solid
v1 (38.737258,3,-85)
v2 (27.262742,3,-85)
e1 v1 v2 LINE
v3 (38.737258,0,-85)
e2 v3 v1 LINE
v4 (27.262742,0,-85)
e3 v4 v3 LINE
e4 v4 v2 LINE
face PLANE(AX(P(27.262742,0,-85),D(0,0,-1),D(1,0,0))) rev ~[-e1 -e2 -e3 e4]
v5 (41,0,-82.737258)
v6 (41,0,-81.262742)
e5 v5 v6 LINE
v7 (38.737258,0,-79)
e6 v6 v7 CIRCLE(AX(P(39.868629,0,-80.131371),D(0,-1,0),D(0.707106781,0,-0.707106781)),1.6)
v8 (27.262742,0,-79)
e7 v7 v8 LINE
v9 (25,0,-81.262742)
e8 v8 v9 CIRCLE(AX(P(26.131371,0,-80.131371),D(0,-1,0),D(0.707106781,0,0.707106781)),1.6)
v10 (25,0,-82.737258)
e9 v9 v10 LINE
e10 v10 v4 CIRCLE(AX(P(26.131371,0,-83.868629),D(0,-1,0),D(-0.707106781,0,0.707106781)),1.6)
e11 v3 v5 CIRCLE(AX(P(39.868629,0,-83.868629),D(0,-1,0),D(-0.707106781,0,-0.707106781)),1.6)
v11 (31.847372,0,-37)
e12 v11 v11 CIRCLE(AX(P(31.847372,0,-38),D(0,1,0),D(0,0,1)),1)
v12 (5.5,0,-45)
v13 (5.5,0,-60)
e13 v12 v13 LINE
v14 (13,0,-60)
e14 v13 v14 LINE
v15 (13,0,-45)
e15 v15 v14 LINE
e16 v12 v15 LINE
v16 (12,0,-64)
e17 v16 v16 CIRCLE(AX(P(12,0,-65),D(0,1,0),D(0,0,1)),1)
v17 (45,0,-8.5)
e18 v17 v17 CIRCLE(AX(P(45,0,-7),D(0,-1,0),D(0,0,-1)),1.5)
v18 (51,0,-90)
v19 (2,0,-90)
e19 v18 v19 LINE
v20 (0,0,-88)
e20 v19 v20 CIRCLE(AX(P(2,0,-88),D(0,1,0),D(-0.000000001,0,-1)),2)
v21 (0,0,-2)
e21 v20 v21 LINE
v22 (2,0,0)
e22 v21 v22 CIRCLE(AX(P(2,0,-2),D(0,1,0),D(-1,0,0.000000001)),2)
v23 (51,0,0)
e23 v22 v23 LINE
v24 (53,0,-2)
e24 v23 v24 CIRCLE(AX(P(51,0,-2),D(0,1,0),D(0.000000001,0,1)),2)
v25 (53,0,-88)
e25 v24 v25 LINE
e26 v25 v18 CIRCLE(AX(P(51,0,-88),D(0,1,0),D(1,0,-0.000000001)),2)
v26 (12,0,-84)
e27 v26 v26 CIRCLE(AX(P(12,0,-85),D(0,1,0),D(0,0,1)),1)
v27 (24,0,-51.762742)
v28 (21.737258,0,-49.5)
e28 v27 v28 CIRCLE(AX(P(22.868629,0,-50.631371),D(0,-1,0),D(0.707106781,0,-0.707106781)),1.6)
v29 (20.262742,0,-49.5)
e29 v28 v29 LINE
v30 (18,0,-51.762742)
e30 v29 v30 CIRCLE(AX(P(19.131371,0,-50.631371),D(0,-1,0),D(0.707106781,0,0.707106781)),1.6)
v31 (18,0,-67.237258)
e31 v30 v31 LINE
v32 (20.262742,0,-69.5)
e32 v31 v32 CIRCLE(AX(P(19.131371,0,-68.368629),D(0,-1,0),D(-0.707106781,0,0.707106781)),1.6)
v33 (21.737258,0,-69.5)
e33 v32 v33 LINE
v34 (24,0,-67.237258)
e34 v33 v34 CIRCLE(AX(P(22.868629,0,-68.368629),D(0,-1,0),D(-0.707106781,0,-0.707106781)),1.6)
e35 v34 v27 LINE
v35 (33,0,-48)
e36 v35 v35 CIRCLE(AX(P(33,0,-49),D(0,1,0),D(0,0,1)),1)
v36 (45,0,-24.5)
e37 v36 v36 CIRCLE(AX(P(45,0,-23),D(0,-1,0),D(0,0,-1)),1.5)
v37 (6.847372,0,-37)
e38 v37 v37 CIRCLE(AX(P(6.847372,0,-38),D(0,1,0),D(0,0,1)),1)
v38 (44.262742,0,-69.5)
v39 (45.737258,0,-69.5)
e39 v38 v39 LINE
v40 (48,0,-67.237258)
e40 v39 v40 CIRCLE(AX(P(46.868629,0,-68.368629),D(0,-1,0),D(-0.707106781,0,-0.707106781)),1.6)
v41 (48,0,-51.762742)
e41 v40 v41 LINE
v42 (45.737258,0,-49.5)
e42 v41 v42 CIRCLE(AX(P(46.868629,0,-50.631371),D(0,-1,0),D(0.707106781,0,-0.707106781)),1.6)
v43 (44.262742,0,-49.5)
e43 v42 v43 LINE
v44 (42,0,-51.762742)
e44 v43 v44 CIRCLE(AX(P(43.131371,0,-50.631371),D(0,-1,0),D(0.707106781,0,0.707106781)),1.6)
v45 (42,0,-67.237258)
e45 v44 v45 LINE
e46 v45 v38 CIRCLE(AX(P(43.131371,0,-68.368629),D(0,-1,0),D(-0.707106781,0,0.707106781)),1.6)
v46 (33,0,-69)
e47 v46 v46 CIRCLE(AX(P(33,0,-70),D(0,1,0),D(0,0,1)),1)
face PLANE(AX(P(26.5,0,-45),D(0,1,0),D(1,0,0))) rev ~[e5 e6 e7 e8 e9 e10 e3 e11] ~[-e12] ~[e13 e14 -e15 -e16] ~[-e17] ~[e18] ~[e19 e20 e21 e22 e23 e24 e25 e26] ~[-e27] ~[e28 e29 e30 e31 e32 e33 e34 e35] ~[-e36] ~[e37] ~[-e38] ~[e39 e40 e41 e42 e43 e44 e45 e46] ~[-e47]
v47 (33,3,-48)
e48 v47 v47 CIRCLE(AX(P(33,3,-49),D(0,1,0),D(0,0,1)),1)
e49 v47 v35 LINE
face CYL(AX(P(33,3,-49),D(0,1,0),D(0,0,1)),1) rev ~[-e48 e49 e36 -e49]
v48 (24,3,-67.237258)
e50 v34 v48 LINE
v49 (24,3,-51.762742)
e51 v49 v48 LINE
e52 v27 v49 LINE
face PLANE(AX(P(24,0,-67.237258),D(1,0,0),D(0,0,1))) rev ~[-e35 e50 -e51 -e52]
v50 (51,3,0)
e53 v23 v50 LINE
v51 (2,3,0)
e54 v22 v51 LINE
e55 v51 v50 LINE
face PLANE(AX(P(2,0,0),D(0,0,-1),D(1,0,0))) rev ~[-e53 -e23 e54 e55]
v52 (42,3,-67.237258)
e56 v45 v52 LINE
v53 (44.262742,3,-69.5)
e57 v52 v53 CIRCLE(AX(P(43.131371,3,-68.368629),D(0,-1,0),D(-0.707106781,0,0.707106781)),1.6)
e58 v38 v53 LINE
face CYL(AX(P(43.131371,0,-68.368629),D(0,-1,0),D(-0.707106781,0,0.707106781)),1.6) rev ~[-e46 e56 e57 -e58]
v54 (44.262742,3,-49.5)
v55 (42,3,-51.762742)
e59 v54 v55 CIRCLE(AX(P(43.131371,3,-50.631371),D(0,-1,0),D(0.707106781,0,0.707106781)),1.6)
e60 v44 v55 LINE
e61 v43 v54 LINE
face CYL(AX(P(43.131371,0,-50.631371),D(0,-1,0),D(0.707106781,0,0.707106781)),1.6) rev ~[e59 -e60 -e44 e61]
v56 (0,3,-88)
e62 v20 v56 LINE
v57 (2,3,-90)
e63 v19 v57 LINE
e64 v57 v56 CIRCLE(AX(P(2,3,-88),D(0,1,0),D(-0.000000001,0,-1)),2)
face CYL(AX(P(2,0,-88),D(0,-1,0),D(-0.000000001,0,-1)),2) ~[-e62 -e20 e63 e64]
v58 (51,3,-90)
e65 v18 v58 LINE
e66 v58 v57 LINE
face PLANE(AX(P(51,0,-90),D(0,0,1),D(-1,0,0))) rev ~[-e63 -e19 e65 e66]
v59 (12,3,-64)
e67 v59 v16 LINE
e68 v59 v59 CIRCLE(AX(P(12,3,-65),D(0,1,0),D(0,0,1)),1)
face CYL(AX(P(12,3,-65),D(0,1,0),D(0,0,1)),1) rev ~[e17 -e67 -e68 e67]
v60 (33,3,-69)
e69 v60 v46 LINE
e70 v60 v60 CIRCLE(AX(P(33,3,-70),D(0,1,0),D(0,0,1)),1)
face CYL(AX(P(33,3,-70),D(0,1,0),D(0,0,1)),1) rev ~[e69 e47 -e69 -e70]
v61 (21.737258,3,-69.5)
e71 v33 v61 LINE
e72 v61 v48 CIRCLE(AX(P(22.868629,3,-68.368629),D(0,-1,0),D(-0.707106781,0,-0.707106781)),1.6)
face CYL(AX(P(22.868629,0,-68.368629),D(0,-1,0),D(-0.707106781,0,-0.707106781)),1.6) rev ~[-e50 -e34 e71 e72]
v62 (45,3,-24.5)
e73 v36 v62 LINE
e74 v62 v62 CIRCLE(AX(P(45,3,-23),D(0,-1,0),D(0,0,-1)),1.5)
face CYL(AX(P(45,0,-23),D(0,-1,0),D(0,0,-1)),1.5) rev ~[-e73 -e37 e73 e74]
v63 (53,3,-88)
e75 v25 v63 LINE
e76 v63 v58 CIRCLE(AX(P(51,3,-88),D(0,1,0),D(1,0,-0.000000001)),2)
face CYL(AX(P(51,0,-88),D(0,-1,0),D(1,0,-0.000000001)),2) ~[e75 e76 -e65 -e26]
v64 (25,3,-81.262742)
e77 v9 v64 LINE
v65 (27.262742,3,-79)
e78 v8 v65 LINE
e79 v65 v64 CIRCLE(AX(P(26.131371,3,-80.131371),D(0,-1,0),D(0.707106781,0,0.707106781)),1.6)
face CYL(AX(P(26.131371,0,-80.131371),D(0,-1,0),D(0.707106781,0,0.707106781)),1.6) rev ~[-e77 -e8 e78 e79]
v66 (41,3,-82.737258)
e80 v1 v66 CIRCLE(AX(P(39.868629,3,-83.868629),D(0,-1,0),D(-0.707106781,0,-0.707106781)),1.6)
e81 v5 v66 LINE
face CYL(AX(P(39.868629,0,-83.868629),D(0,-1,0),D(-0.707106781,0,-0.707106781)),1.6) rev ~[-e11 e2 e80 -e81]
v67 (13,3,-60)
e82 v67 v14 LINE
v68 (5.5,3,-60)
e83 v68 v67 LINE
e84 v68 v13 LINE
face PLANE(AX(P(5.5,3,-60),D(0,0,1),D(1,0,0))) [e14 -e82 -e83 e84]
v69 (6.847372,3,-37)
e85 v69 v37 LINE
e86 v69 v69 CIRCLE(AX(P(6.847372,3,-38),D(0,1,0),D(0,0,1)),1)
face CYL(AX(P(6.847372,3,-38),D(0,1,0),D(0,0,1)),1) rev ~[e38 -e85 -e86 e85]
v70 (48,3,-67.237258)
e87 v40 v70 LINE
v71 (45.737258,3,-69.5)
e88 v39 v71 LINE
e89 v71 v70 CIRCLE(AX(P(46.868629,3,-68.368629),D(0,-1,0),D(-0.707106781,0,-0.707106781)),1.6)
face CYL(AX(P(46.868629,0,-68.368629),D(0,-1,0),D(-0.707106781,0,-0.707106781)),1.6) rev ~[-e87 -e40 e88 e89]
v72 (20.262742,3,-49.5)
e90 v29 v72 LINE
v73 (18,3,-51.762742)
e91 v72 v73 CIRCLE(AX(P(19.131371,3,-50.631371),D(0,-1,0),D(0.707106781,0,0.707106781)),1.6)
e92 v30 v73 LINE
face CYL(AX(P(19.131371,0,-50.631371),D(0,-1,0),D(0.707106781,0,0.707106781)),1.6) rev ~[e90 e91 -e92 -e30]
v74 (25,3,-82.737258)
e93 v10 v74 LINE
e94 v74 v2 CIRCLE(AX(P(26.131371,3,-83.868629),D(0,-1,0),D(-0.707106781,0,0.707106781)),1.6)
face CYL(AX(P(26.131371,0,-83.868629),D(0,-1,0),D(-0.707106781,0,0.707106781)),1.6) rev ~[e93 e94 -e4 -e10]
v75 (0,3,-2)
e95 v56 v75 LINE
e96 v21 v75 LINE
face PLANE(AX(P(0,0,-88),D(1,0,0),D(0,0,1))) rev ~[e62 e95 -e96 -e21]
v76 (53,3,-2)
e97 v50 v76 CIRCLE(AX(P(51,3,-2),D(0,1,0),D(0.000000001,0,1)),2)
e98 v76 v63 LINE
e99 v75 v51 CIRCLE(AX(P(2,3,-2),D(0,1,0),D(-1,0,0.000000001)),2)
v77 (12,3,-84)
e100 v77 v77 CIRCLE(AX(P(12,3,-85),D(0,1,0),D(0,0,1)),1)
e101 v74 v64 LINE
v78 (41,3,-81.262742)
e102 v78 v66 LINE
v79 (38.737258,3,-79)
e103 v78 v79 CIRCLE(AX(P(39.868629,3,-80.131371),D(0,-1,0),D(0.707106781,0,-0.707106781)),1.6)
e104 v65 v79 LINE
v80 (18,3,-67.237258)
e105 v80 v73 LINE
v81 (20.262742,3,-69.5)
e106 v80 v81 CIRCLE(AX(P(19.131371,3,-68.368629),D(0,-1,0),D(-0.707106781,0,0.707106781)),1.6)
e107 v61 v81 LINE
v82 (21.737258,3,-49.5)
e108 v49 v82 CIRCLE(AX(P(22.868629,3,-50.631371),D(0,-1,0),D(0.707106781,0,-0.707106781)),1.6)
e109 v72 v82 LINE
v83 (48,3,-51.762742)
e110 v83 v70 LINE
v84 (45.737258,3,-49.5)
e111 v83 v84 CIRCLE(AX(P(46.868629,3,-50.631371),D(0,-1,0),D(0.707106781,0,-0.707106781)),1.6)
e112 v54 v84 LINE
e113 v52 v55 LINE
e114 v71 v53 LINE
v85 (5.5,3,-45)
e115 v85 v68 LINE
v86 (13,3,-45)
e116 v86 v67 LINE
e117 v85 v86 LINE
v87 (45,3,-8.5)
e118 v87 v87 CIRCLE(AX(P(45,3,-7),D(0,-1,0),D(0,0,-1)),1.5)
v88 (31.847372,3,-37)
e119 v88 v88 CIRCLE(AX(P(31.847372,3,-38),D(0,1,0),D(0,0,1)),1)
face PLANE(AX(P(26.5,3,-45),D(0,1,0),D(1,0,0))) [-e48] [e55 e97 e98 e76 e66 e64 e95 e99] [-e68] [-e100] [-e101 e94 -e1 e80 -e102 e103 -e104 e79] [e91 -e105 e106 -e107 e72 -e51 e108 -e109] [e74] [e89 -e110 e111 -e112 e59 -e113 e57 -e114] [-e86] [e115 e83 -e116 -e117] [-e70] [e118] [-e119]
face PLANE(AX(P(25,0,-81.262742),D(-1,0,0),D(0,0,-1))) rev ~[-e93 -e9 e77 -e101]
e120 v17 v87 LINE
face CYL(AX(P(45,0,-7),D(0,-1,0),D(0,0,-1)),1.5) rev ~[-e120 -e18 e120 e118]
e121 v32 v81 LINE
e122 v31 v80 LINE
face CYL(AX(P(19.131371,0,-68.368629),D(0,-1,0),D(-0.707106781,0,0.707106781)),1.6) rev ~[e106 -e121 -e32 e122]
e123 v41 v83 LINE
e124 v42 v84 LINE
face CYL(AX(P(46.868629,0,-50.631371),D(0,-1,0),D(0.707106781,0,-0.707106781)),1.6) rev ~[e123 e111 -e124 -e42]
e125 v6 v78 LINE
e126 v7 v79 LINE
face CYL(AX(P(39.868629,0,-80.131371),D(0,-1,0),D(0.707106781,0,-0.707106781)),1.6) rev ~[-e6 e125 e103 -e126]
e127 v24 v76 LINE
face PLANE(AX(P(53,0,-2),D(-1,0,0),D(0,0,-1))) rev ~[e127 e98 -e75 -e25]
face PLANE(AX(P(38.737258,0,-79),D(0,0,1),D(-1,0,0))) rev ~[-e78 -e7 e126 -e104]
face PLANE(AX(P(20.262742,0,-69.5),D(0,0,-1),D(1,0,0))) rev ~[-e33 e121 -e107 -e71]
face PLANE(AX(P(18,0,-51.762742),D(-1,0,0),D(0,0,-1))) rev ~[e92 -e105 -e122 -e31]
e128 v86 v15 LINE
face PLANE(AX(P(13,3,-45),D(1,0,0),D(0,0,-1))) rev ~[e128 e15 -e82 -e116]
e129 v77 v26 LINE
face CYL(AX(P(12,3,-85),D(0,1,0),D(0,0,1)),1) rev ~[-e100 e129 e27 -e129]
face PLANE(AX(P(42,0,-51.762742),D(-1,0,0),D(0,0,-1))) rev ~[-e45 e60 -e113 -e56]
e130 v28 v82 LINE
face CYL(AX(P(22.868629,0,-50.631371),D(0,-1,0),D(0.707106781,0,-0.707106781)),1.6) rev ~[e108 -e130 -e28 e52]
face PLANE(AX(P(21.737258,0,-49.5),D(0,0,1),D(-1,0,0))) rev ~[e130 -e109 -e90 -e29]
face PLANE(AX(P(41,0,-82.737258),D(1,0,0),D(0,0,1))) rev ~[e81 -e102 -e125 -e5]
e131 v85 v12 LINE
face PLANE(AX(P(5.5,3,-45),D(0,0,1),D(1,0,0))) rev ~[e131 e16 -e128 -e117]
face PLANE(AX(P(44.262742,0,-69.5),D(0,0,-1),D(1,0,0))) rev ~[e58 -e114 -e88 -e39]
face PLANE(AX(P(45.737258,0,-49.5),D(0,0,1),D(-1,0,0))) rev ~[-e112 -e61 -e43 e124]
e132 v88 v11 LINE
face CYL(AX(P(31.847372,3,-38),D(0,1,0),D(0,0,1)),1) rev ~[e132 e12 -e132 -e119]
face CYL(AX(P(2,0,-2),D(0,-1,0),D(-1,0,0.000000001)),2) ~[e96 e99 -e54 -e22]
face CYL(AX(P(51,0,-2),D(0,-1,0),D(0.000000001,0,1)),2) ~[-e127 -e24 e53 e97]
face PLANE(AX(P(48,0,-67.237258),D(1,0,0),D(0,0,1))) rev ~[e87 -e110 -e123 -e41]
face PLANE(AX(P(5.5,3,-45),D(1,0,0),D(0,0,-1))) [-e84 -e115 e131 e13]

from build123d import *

# Parameters (mm, degrees)
EXTRUSION1_DEPTH        = 3
ESQUISSE2_R             = 1.5
ENL_V_MAT_EXTRU_1_DEPTH = 4
ESQUISSE4_R             = 1
ESQUISSE4_W             = 7.5
ESQUISSE4_H             = 15
ENL_V_MAT_EXTRU_2_DEPTH = 4
ESQUISSE5_R             = 1
ENL_V_MAT_EXTRU_3_DEPTH = 4


with BuildPart() as part:
    # Esquisse1 → Extrusion1 (new body)
    with BuildSketch(Plane(origin=(0, 0, 0), x_dir=(1, 0, 0), z_dir=(0, 1, 0))):
        with BuildLine():
            Line((0, 88), (0, 2))
            ThreePointArc((0, 2), (0.585786438, 0.585786438), (2, 0))
            Line((2, 0), (51, 0))
            ThreePointArc((51, 0), (52.414213562, 0.585786438), (53, 2))
            Line((53, 2), (53, 88))
            ThreePointArc((53, 88), (52.414213562, 89.414213562), (51, 90))
            Line((51, 90), (2, 90))
            ThreePointArc((2, 90), (0.585786438, 89.414213562), (0, 88))
        make_face()
    extrude(amount=EXTRUSION1_DEPTH)

    # Esquisse2 → Enlèv. mat.-Extru.1 (cut, through all)
    with BuildSketch(Plane.XZ):
        with Locations(Location((45, -23, 0), (0, 0, 270))):  # turned: the seam where the file's is
            Circle(ESQUISSE2_R)
        with Locations(Location((45, -7, 0), (0, 0, 270))):  # turned: the seam where the file's is
            Circle(ESQUISSE2_R)
        with BuildLine():
            Line((41, -82.7372583), (41, -81.2627417))
            ThreePointArc((41, -81.2627417), (41, -79), (38.7372583, -79))
            Line((38.7372583, -79), (27.2627417, -79))
            ThreePointArc((27.2627417, -79), (25, -79), (25, -81.2627417))
            Line((25, -81.2627417), (25, -82.7372583))
            ThreePointArc((25, -82.7372583), (25, -85), (27.2627417, -85))
            Line((27.2627417, -85), (38.7372583, -85))
            ThreePointArc((38.7372583, -85), (41, -85), (41, -82.7372583))
        make_face()
        with BuildLine():
            Line((45.7372583, -49.5), (44.2627417, -49.5))
            ThreePointArc((44.2627417, -49.5), (42, -49.5), (42, -51.7627417))
            Line((42, -51.7627417), (42, -67.2372583))
            ThreePointArc((42, -67.2372583), (42, -69.5), (44.2627417, -69.5))
            Line((44.2627417, -69.5), (45.7372583, -69.5))
            ThreePointArc((45.7372583, -69.5), (48, -69.5), (48, -67.2372583))
            Line((48, -67.2372583), (48, -51.7627417))
            ThreePointArc((48, -51.7627417), (48, -49.5), (45.7372583, -49.5))
        make_face()
        with BuildLine():
            Line((24, -67.2372583), (24, -51.7627417))
            ThreePointArc((24, -51.7627417), (24, -49.5), (21.7372583, -49.5))
            Line((21.7372583, -49.5), (20.2627417, -49.5))
            ThreePointArc((20.2627417, -49.5), (18, -49.5), (18, -51.7627417))
            Line((18, -51.7627417), (18, -67.2372583))
            ThreePointArc((18, -67.2372583), (18, -69.5), (20.2627417, -69.5))
            Line((20.2627417, -69.5), (21.7372583, -69.5))
            ThreePointArc((21.7372583, -69.5), (24, -69.5), (24, -67.2372583))
        make_face()
    extrude(amount=-ENL_V_MAT_EXTRU_1_DEPTH, mode=Mode.SUBTRACT)

    # Esquisse4 → Enlèv. mat.-Extru.2 (cut, through all)
    with BuildSketch(Plane(origin=(0, 3, 0), x_dir=(1, 0, 0), z_dir=(0, 1, 0))):
        with Locations(Location((12, 85, 0), (0, 0, 270))):  # turned: the seam where the file's is
            Circle(ESQUISSE4_R)
        with Locations(Location((12, 65, 0), (0, 0, 270))):  # turned: the seam where the file's is
            Circle(ESQUISSE4_R)
        with Locations(Location((33, 70, 0), (0, 0, 270))):  # turned: the seam where the file's is
            Circle(ESQUISSE4_R)
        with Locations(Location((33, 49, 0), (0, 0, 270))):  # turned: the seam where the file's is
            Circle(ESQUISSE4_R)
        with Locations((9.25, 52.5)):
            Rectangle(ESQUISSE4_W, ESQUISSE4_H)
    extrude(amount=-ENL_V_MAT_EXTRU_2_DEPTH, mode=Mode.SUBTRACT)

    # Esquisse5 → Enlèv. mat.-Extru.3 (cut, through all)
    with BuildSketch(Plane(origin=(0, 3, 0), x_dir=(1, 0, 0), z_dir=(0, 1, 0))):
        with Locations(Location((6.847371534, 38, 0), (0, 0, 270))):  # turned: the seam where the file's is
            Circle(ESQUISSE5_R)
        with Locations(Location((31.847371534, 38, 0), (0, 0, 270))):  # turned: the seam where the file's is
            Circle(ESQUISSE5_R)
    extrude(amount=-ENL_V_MAT_EXTRU_3_DEPTH, mode=Mode.SUBTRACT)


solid = part.part
